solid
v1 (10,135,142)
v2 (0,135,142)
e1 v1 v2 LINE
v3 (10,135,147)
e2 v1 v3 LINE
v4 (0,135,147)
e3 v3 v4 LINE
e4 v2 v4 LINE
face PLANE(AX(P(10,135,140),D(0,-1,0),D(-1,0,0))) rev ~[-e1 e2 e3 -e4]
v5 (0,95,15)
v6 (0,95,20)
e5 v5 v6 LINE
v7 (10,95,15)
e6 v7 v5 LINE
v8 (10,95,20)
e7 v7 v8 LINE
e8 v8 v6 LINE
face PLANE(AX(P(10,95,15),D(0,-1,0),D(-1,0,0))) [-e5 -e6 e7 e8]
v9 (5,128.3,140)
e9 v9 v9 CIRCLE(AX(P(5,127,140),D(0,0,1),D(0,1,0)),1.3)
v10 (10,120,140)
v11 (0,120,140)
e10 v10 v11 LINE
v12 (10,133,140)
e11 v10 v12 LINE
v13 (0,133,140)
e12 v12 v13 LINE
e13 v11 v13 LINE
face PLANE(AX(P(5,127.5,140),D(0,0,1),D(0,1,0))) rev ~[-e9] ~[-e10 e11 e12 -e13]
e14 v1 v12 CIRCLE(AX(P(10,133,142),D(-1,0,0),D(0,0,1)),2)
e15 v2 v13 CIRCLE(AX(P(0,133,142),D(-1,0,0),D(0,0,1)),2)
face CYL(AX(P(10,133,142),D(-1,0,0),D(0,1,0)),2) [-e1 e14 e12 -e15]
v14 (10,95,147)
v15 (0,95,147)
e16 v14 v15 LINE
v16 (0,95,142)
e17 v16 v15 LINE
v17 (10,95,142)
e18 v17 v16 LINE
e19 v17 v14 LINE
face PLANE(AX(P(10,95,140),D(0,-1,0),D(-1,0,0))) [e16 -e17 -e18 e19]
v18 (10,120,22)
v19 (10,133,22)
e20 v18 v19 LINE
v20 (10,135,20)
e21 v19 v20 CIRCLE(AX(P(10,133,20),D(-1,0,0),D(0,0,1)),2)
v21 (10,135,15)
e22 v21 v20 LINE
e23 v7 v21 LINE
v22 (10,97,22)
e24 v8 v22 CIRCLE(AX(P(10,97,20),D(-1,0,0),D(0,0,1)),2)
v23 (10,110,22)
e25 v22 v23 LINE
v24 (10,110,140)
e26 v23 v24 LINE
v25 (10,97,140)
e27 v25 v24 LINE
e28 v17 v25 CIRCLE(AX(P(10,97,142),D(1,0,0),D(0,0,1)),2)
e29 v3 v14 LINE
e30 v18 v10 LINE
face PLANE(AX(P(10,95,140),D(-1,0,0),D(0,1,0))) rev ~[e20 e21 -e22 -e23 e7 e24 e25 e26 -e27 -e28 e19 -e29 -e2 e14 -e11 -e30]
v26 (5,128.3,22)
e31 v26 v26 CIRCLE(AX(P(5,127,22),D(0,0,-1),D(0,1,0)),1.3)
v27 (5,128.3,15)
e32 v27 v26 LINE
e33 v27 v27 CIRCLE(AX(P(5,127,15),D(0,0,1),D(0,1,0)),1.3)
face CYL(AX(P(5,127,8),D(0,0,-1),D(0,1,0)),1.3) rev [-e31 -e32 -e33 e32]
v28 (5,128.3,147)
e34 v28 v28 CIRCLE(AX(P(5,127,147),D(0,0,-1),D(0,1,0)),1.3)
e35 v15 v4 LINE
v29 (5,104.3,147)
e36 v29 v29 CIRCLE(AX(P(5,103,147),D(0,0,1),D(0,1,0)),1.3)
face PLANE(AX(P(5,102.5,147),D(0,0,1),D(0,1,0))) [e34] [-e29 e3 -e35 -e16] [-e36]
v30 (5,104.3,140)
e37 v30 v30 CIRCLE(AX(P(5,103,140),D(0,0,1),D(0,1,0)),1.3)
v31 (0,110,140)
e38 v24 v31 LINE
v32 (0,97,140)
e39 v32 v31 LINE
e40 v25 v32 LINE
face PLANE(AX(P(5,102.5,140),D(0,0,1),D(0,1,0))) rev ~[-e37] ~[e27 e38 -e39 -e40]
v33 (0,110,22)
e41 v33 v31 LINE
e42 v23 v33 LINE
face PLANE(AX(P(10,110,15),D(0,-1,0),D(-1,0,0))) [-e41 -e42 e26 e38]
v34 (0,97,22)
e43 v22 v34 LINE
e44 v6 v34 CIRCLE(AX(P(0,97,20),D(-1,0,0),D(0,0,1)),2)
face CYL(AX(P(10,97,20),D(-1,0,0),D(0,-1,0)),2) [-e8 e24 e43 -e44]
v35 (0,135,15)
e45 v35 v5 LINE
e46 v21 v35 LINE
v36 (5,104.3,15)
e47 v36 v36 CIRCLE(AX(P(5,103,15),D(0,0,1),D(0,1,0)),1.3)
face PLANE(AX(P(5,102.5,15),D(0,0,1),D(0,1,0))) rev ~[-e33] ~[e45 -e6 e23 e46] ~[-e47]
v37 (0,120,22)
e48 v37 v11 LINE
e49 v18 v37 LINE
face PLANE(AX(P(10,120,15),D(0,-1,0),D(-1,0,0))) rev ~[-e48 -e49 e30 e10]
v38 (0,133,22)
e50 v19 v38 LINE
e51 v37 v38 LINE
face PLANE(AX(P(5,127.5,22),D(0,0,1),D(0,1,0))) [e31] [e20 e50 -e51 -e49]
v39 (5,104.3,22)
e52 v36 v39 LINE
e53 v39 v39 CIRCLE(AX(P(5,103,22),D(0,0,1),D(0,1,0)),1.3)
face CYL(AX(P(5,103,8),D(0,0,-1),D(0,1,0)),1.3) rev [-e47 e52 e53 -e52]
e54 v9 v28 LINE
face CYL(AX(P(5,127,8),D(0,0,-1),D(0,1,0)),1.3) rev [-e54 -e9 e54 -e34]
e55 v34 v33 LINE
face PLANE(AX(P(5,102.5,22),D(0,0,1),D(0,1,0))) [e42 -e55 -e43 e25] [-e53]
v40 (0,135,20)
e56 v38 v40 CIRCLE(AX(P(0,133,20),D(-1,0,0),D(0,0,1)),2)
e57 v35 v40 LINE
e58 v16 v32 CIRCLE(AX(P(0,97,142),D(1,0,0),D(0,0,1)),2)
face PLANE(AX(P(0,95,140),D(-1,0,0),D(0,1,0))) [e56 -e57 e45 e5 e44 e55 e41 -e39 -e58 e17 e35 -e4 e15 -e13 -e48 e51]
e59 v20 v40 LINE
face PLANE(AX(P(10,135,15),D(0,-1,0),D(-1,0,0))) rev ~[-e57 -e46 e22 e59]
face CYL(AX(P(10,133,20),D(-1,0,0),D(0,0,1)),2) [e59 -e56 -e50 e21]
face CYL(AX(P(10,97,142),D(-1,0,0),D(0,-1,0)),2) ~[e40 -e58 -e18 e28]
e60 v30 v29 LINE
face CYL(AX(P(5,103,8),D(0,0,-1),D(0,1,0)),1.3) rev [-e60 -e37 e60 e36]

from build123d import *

# Parameters (mm, degrees)
CYLINDER048_R          = 1.3
CYLINDER048_DEPTH      = 146
CYLINDER046_R          = 1.3
CYLINDER046_DEPTH      = 146
CYLINDER044_R          = 1.3
CYLINDER044_DEPTH      = 146
CYLINDER028_R          = 1.3
CYLINDER028_DEPTH      = 146
CYLINDER027_R          = 1.3
CYLINDER027_DEPTH      = 146
BOX100_W               = 15
BOX100_H               = 10
BOX100_DEPTH           = 7
BOX101_W               = 10
BOX101_H               = 10
BOX101_DEPTH           = 132
BOX098_W               = 15
BOX098_H               = 10
BOX098_DEPTH           = 7
BOX097_W               = 15
BOX097_H               = 10
BOX097_DEPTH           = 7
BOX099_W               = 15
BOX099_H               = 10
BOX099_DEPTH           = 7
FILLET007_R            = 2
CUT042_PLACEMENT_ANGLE = 90


with BuildPart() as cilindro048:
    # Cylinder048 → Cylinder048 (new body)
    with BuildSketch(Plane(origin=(5, 103, 8), x_dir=(1, 0, 0), z_dir=(0, 0, 1))):
        Circle(CYLINDER048_R)
    extrude(amount=CYLINDER048_DEPTH)


with BuildPart() as cilindro046:
    # Cylinder046 → Cylinder046 (new body)
    with BuildSketch(Plane(origin=(5, 103, 8), x_dir=(1, 0, 0), z_dir=(0, 0, 1))):
        Circle(CYLINDER046_R)
    extrude(amount=CYLINDER046_DEPTH)


with BuildPart() as cilindro044:
    # Cylinder044 → Cylinder044 (new body)
    with BuildSketch(Plane(origin=(5, 127, 8), x_dir=(1, 0, 0), z_dir=(0, 0, 1))):
        Circle(CYLINDER044_R)
    extrude(amount=CYLINDER044_DEPTH)


with BuildPart() as cilindro028:
    # Cylinder028 → Cylinder028 (new body)
    with BuildSketch(Plane(origin=(182, 5, 8), x_dir=(1, 0, 0), z_dir=(0, 0, 1))):
        Circle(CYLINDER028_R)
    extrude(amount=CYLINDER028_DEPTH)


with BuildPart() as cilindro027:
    # Cylinder027 → Cylinder027 (new body)
    with BuildSketch(Plane(origin=(158, 5, 8), x_dir=(1, 0, 0), z_dir=(0, 0, 1))):
        Circle(CYLINDER027_R)
    extrude(amount=CYLINDER027_DEPTH)


with BuildPart() as cubo063:
    # Box100 → Box100 (new body)
    with BuildSketch(Plane(origin=(175, 0, 15), x_dir=(1, 0, 0), z_dir=(0, 0, 1))):
        with Locations((7.5, 5)):
            Rectangle(BOX100_W, BOX100_H)
    extrude(amount=BOX100_DEPTH)


with BuildPart() as cubo064:
    # Box101 → Box101 (new body)
    with BuildSketch(Plane(origin=(165, 0, 15), x_dir=(1, 0, 0), z_dir=(0, 0, 1))):
        with Locations((5, 5)):
            Rectangle(BOX101_W, BOX101_H)
    extrude(amount=BOX101_DEPTH)


with BuildPart() as cubo061:
    # Box098 → Box098 (new body)
    with BuildSketch(Plane(origin=(150, 0, 15), x_dir=(1, 0, 0), z_dir=(0, 0, 1))):
        with Locations((7.5, 5)):
            Rectangle(BOX098_W, BOX098_H)
    extrude(amount=BOX098_DEPTH)


with BuildPart() as cubo060:
    # Box097 → Box097 (new body)
    with BuildSketch(Plane(origin=(150, 0, 140), x_dir=(1, 0, 0), z_dir=(0, 0, 1))):
        with Locations((7.5, 5)):
            Rectangle(BOX097_W, BOX097_H)
    extrude(amount=BOX097_DEPTH)


with BuildPart() as cut063:
    # Box099 → Box099 (new body)
    with BuildSketch(Plane(origin=(175, 0, 140), x_dir=(1, 0, 0), z_dir=(0, 0, 1))):
        with Locations((7.5, 5)):
            Rectangle(BOX099_W, BOX099_H)
    extrude(amount=BOX099_DEPTH)

    # Fusion015: union Cubo063, Cubo064, Cubo061, Cubo060
    add(cubo063.part)
    add(cubo064.part)
    add(cubo061.part)
    add(cubo060.part)

    # Fillet007
    fillet007_edges = [cut063.edges().sort_by_distance(p)[0] for p in [
        (190, 5, 140),
        (190, 5, 22),
        (150, 5, 22),
        (150, 5, 140),
    ]]
    fillet(fillet007_edges, radius=FILLET007_R)

    # Cut041: cut Cilindro027
    add(cilindro027.part, mode=Mode.SUBTRACT)

    # Cut042: cut Cilindro028
    add(cilindro028.part, mode=Mode.SUBTRACT)


with BuildPart() as cut063_1:
    # Cut042 placement: moved
    add(cut063.part.moved(Location((10, -55, 0))).rotate(Axis((10, -55, 0), (0, 0, 1)), CUT042_PLACEMENT_ANGLE))

    # Cut059: cut Cilindro044
    add(cilindro044.part, mode=Mode.SUBTRACT)

    # Cut061: cut Cilindro046
    add(cilindro046.part, mode=Mode.SUBTRACT)

    # Cut063: cut Cilindro048
    add(cilindro048.part, mode=Mode.SUBTRACT)


solid = cut063_1.part
